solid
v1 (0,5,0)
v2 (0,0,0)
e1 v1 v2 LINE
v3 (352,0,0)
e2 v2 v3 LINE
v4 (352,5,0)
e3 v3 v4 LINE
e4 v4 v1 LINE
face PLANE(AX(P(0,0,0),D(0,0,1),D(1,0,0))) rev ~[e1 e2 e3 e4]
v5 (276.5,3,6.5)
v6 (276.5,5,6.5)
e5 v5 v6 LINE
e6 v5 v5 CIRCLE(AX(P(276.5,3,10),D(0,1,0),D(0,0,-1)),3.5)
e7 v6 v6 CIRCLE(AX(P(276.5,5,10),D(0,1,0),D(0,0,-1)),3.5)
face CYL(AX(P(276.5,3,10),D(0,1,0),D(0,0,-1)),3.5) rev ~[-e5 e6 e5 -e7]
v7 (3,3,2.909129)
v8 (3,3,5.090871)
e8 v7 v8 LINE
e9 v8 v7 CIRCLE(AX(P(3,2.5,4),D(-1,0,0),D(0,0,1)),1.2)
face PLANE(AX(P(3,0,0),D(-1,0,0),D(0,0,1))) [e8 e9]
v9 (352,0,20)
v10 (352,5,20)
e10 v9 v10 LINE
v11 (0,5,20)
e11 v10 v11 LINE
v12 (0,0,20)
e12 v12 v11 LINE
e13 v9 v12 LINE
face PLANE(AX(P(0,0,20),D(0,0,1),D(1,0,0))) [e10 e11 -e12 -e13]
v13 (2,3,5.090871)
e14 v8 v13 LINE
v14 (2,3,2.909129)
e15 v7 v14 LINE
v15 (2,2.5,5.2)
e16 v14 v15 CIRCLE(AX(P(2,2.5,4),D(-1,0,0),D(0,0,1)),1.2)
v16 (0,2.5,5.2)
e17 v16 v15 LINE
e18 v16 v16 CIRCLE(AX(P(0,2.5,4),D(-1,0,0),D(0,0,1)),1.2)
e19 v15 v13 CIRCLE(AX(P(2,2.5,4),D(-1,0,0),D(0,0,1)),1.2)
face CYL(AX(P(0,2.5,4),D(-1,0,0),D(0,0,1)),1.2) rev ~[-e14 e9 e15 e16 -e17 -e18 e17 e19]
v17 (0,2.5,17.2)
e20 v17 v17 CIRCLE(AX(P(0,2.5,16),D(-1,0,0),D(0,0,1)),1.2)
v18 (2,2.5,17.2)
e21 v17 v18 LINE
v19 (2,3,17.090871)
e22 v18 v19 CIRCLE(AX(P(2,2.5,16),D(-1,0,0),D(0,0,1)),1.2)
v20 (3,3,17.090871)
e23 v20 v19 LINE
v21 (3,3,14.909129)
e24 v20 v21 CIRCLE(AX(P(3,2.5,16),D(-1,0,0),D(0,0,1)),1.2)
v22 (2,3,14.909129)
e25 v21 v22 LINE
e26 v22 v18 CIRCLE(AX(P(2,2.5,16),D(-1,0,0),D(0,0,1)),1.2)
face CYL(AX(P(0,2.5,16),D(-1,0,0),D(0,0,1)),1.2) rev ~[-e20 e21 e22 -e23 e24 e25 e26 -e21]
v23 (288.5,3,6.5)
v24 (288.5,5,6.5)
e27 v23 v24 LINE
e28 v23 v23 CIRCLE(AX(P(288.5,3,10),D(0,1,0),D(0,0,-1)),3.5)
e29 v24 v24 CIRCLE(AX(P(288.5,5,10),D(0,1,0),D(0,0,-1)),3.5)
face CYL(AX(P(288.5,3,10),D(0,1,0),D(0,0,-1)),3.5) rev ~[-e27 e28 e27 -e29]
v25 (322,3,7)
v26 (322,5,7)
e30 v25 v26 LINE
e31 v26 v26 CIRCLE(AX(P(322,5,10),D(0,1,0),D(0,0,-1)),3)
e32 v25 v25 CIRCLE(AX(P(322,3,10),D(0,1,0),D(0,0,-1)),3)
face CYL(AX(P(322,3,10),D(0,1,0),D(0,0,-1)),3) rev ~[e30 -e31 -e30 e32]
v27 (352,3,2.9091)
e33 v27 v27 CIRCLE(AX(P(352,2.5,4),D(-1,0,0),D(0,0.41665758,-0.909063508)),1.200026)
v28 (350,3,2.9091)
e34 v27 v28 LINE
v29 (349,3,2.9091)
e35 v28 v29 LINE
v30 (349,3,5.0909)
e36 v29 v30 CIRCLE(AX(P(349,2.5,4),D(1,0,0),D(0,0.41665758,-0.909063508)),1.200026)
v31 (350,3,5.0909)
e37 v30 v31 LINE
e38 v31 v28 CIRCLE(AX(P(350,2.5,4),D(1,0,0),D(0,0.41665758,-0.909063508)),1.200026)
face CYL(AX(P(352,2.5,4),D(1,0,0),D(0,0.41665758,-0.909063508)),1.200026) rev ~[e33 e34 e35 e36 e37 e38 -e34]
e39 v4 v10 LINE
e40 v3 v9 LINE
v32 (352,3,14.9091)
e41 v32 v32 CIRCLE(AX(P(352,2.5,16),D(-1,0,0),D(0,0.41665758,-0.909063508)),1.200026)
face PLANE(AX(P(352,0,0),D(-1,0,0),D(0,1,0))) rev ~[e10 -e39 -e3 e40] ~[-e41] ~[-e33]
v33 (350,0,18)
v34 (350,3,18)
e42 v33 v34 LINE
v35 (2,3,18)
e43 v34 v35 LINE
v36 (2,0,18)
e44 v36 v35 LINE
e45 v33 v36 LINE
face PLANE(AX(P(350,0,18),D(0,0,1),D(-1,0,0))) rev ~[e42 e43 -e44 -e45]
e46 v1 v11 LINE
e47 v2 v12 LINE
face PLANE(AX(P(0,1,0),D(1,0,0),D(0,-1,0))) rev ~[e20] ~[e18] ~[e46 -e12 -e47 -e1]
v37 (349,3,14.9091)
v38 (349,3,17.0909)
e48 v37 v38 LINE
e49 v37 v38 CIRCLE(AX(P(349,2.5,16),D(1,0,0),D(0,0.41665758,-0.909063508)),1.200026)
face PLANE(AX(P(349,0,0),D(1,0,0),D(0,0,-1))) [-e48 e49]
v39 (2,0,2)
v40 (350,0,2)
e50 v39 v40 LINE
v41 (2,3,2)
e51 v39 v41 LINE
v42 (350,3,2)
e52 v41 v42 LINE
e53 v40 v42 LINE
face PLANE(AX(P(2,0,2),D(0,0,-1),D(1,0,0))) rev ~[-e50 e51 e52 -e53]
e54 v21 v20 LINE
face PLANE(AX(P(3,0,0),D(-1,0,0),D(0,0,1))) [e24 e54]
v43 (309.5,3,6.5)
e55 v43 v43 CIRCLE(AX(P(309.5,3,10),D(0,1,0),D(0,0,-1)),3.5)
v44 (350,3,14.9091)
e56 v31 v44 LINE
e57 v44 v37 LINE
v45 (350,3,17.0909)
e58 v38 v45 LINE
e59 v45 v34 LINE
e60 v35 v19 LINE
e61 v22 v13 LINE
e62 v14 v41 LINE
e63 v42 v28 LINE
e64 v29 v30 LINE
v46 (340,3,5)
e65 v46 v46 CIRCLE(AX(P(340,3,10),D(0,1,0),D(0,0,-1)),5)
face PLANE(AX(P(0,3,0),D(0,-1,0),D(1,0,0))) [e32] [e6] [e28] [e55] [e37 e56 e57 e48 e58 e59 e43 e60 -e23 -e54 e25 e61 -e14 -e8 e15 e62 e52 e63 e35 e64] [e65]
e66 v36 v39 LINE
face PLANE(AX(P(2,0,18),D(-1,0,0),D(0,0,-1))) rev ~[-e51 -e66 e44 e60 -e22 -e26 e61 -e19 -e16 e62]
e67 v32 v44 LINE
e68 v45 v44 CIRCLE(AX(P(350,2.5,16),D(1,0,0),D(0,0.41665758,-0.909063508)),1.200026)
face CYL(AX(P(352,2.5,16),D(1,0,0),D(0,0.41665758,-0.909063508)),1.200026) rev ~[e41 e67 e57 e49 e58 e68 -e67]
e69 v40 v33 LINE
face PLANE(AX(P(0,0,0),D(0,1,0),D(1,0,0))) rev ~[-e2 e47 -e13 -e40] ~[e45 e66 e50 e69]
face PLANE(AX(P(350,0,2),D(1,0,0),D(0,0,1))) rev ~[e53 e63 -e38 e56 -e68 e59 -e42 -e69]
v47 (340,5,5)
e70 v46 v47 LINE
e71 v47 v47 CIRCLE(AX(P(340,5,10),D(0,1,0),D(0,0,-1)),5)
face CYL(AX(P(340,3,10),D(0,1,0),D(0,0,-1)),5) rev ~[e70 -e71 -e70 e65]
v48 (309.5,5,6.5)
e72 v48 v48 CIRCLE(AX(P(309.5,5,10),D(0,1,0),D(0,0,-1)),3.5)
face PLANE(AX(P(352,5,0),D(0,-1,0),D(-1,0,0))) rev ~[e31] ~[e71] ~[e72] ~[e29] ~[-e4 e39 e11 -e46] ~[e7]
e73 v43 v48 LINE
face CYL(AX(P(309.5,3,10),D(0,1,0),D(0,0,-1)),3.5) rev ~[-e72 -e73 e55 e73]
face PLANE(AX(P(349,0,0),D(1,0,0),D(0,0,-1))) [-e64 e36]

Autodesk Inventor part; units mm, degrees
ref_plane "YZ Plane" through (0, 0, 0) normal (1, 0, 0) x (0, 1, 0)
ref_plane "XZ Plane" through (0, 0, 0) normal (0, 1, 0) x (-1, 0, 0)
ref_plane "XY Plane" through (0, 0, 0) normal (0, 0, 1) x (1, 0, 0)
sketch "スケッチ1" plane through (0, 0, 0) normal (0, 0, 1) x (1, 0, 0)
  line L0 (0, 0) -> (352, 0)
  line L1 (352, 0) -> (352, 5)
  line L2 (352, 5) -> (0, 5)
  line L3 (0, 5) -> (0, 0)
  line L4 (0, 0) -> (6, 0)
  line L5 (0, 1) -> (0, 0)
  dimension "d0" = 352
  dimension "d1" = 5
extrude "押し出し1" add sketch "スケッチ1" along normal blind 20
sketch "スケッチ3" plane through (0, 0, 0) normal (-1, 0, 0) x (0, 0, 1)
  line L0 (0, 5) -> (0, 0) projected
  line L1 (0, 0) -> (20, 0) projected
  line L2 (20, 5) -> (20, 0) projected
  line L3 (0, 5) -> (20, 5) projected
  circle A0 centre (4, 2.5) radius 1.2
  circle A1 centre (16, 2.5) radius 1.2
  dimension "d14" = 2.4
  dimension "d15" = 2.4
  dimension "d16" = 2.5
  dimension "d17" = 4
  dimension "d18" = 4
  dimension "d19" = 2.5
extrude "押し出し3" cut sketch "スケッチ3" against normal blind 3 contours A0 | A1
sketch "スケッチ4" plane through (0, 0, 0) normal (0, -1, 0) x (1, 0, 0)
  line L0 (0, 0) -> (352, 0) projected
  line L1 (352, 0) -> (352, 20) projected
  line L2 (0, 20) -> (352, 20) projected
  line L3 (0, 0) -> (0, 20) projected
  line L4 (2, 2) -> (350, 2)
  line L5 (350, 2) -> (350, 18)
  line L6 (350, 18) -> (2, 18)
  line L7 (2, 18) -> (2, 2)
  dimension "d22" = 2
  dimension "d23" = 2
  dimension "d24" = 2
  dimension "d25" = 2
extrude "押し出し4" cut sketch "スケッチ4" against normal blind 3 contours L7 L6 L5 L4
sketch "スケッチ6" plane through (0, 3, 0) normal (0, -1, 0) x (1, 0, 0)
  line L0 (350, 18) -> (350, 2) projected
  line L1 (2, 18) -> (350, 18) projected
  point P0 (0, 0)
  point P1 (340, 10)
  dimension "d35" = 10
  dimension "d36" = 8
  dimension "d37" = 16
hole "穴1" at (340, 3, 10) direction (0, 1, 0) diameter 10 end through all
sketch "スケッチ7" plane through (0, 3, 0) normal (0, -1, 0) x (1, 0, 0)
  circle A0 centre (340, 10) radius 5 projected
  line L0 (340, 10) -> (322, 10)
  point P0 (0, 0)
  dimension "d38" = 18
hole "穴2" at (322, 3, 10) direction (0, 1, 0) diameter 6 end through all
sketch "スケッチ8" plane through (0, 3, 0) normal (0, -1, 0) x (1, 0, 0)
  circle A0 centre (322, 10) radius 3 projected
  line L0 (322, 10) -> (309.5, 10)
  point P0 (0, 0)
  dimension "d46" = 12.5
hole "穴3" at (309.5, 3, 10) direction (0, 1, 0) diameter 7 end through all
sketch "スケッチ9" plane through (0, 3, 0) normal (0, -1, 0) x (1, 0, 0)
  circle A0 centre (309.5, 10) radius 3.5 projected
  line L0 (309.5, 10) -> (288.5, 10)
  point P0 (0, 0)
  dimension "d54" = 21
hole "穴4" at (288.5, 3, 10) direction (0, 1, 0) diameter 7 end through all
sketch "スケッチ10" plane through (0, 3, 0) normal (0, -1, 0) x (1, 0, 0)
  circle A0 centre (288.5, 10) radius 3.5 projected
  line L0 (288.5, 10) -> (276.5, 10)
  point P0 (0, 0)
  dimension "d62" = 12
hole "穴5" at (276.5, 3, 10) direction (0, 1, 0) diameter 7 end through all
sketch "スケッチ11" plane through (352, 0, 0) normal (1, 0, 0) x (0, 0, -1)
  arc A0 (-5.0909, 3) -> (-2.9091, 3) centre (-4, 2.5) ccw projected
  arc A1 (-17.0909, 3) -> (-14.9091, 3) centre (-16, 2.5) ccw projected
  arc A2 (-14.9091, 3) -> (-17.0909, 3) centre (-16, 2.5) ccw projected
  arc A3 (-2.9091, 3) -> (-5.0909, 3) centre (-4, 2.5) ccw projected
extrude "押し出し5" cut sketch "スケッチ11" against normal blind 3
equation "\"d36\" = 0.5 * d37"
properties part number "arm1_L" material "アルミニウム 6061"
